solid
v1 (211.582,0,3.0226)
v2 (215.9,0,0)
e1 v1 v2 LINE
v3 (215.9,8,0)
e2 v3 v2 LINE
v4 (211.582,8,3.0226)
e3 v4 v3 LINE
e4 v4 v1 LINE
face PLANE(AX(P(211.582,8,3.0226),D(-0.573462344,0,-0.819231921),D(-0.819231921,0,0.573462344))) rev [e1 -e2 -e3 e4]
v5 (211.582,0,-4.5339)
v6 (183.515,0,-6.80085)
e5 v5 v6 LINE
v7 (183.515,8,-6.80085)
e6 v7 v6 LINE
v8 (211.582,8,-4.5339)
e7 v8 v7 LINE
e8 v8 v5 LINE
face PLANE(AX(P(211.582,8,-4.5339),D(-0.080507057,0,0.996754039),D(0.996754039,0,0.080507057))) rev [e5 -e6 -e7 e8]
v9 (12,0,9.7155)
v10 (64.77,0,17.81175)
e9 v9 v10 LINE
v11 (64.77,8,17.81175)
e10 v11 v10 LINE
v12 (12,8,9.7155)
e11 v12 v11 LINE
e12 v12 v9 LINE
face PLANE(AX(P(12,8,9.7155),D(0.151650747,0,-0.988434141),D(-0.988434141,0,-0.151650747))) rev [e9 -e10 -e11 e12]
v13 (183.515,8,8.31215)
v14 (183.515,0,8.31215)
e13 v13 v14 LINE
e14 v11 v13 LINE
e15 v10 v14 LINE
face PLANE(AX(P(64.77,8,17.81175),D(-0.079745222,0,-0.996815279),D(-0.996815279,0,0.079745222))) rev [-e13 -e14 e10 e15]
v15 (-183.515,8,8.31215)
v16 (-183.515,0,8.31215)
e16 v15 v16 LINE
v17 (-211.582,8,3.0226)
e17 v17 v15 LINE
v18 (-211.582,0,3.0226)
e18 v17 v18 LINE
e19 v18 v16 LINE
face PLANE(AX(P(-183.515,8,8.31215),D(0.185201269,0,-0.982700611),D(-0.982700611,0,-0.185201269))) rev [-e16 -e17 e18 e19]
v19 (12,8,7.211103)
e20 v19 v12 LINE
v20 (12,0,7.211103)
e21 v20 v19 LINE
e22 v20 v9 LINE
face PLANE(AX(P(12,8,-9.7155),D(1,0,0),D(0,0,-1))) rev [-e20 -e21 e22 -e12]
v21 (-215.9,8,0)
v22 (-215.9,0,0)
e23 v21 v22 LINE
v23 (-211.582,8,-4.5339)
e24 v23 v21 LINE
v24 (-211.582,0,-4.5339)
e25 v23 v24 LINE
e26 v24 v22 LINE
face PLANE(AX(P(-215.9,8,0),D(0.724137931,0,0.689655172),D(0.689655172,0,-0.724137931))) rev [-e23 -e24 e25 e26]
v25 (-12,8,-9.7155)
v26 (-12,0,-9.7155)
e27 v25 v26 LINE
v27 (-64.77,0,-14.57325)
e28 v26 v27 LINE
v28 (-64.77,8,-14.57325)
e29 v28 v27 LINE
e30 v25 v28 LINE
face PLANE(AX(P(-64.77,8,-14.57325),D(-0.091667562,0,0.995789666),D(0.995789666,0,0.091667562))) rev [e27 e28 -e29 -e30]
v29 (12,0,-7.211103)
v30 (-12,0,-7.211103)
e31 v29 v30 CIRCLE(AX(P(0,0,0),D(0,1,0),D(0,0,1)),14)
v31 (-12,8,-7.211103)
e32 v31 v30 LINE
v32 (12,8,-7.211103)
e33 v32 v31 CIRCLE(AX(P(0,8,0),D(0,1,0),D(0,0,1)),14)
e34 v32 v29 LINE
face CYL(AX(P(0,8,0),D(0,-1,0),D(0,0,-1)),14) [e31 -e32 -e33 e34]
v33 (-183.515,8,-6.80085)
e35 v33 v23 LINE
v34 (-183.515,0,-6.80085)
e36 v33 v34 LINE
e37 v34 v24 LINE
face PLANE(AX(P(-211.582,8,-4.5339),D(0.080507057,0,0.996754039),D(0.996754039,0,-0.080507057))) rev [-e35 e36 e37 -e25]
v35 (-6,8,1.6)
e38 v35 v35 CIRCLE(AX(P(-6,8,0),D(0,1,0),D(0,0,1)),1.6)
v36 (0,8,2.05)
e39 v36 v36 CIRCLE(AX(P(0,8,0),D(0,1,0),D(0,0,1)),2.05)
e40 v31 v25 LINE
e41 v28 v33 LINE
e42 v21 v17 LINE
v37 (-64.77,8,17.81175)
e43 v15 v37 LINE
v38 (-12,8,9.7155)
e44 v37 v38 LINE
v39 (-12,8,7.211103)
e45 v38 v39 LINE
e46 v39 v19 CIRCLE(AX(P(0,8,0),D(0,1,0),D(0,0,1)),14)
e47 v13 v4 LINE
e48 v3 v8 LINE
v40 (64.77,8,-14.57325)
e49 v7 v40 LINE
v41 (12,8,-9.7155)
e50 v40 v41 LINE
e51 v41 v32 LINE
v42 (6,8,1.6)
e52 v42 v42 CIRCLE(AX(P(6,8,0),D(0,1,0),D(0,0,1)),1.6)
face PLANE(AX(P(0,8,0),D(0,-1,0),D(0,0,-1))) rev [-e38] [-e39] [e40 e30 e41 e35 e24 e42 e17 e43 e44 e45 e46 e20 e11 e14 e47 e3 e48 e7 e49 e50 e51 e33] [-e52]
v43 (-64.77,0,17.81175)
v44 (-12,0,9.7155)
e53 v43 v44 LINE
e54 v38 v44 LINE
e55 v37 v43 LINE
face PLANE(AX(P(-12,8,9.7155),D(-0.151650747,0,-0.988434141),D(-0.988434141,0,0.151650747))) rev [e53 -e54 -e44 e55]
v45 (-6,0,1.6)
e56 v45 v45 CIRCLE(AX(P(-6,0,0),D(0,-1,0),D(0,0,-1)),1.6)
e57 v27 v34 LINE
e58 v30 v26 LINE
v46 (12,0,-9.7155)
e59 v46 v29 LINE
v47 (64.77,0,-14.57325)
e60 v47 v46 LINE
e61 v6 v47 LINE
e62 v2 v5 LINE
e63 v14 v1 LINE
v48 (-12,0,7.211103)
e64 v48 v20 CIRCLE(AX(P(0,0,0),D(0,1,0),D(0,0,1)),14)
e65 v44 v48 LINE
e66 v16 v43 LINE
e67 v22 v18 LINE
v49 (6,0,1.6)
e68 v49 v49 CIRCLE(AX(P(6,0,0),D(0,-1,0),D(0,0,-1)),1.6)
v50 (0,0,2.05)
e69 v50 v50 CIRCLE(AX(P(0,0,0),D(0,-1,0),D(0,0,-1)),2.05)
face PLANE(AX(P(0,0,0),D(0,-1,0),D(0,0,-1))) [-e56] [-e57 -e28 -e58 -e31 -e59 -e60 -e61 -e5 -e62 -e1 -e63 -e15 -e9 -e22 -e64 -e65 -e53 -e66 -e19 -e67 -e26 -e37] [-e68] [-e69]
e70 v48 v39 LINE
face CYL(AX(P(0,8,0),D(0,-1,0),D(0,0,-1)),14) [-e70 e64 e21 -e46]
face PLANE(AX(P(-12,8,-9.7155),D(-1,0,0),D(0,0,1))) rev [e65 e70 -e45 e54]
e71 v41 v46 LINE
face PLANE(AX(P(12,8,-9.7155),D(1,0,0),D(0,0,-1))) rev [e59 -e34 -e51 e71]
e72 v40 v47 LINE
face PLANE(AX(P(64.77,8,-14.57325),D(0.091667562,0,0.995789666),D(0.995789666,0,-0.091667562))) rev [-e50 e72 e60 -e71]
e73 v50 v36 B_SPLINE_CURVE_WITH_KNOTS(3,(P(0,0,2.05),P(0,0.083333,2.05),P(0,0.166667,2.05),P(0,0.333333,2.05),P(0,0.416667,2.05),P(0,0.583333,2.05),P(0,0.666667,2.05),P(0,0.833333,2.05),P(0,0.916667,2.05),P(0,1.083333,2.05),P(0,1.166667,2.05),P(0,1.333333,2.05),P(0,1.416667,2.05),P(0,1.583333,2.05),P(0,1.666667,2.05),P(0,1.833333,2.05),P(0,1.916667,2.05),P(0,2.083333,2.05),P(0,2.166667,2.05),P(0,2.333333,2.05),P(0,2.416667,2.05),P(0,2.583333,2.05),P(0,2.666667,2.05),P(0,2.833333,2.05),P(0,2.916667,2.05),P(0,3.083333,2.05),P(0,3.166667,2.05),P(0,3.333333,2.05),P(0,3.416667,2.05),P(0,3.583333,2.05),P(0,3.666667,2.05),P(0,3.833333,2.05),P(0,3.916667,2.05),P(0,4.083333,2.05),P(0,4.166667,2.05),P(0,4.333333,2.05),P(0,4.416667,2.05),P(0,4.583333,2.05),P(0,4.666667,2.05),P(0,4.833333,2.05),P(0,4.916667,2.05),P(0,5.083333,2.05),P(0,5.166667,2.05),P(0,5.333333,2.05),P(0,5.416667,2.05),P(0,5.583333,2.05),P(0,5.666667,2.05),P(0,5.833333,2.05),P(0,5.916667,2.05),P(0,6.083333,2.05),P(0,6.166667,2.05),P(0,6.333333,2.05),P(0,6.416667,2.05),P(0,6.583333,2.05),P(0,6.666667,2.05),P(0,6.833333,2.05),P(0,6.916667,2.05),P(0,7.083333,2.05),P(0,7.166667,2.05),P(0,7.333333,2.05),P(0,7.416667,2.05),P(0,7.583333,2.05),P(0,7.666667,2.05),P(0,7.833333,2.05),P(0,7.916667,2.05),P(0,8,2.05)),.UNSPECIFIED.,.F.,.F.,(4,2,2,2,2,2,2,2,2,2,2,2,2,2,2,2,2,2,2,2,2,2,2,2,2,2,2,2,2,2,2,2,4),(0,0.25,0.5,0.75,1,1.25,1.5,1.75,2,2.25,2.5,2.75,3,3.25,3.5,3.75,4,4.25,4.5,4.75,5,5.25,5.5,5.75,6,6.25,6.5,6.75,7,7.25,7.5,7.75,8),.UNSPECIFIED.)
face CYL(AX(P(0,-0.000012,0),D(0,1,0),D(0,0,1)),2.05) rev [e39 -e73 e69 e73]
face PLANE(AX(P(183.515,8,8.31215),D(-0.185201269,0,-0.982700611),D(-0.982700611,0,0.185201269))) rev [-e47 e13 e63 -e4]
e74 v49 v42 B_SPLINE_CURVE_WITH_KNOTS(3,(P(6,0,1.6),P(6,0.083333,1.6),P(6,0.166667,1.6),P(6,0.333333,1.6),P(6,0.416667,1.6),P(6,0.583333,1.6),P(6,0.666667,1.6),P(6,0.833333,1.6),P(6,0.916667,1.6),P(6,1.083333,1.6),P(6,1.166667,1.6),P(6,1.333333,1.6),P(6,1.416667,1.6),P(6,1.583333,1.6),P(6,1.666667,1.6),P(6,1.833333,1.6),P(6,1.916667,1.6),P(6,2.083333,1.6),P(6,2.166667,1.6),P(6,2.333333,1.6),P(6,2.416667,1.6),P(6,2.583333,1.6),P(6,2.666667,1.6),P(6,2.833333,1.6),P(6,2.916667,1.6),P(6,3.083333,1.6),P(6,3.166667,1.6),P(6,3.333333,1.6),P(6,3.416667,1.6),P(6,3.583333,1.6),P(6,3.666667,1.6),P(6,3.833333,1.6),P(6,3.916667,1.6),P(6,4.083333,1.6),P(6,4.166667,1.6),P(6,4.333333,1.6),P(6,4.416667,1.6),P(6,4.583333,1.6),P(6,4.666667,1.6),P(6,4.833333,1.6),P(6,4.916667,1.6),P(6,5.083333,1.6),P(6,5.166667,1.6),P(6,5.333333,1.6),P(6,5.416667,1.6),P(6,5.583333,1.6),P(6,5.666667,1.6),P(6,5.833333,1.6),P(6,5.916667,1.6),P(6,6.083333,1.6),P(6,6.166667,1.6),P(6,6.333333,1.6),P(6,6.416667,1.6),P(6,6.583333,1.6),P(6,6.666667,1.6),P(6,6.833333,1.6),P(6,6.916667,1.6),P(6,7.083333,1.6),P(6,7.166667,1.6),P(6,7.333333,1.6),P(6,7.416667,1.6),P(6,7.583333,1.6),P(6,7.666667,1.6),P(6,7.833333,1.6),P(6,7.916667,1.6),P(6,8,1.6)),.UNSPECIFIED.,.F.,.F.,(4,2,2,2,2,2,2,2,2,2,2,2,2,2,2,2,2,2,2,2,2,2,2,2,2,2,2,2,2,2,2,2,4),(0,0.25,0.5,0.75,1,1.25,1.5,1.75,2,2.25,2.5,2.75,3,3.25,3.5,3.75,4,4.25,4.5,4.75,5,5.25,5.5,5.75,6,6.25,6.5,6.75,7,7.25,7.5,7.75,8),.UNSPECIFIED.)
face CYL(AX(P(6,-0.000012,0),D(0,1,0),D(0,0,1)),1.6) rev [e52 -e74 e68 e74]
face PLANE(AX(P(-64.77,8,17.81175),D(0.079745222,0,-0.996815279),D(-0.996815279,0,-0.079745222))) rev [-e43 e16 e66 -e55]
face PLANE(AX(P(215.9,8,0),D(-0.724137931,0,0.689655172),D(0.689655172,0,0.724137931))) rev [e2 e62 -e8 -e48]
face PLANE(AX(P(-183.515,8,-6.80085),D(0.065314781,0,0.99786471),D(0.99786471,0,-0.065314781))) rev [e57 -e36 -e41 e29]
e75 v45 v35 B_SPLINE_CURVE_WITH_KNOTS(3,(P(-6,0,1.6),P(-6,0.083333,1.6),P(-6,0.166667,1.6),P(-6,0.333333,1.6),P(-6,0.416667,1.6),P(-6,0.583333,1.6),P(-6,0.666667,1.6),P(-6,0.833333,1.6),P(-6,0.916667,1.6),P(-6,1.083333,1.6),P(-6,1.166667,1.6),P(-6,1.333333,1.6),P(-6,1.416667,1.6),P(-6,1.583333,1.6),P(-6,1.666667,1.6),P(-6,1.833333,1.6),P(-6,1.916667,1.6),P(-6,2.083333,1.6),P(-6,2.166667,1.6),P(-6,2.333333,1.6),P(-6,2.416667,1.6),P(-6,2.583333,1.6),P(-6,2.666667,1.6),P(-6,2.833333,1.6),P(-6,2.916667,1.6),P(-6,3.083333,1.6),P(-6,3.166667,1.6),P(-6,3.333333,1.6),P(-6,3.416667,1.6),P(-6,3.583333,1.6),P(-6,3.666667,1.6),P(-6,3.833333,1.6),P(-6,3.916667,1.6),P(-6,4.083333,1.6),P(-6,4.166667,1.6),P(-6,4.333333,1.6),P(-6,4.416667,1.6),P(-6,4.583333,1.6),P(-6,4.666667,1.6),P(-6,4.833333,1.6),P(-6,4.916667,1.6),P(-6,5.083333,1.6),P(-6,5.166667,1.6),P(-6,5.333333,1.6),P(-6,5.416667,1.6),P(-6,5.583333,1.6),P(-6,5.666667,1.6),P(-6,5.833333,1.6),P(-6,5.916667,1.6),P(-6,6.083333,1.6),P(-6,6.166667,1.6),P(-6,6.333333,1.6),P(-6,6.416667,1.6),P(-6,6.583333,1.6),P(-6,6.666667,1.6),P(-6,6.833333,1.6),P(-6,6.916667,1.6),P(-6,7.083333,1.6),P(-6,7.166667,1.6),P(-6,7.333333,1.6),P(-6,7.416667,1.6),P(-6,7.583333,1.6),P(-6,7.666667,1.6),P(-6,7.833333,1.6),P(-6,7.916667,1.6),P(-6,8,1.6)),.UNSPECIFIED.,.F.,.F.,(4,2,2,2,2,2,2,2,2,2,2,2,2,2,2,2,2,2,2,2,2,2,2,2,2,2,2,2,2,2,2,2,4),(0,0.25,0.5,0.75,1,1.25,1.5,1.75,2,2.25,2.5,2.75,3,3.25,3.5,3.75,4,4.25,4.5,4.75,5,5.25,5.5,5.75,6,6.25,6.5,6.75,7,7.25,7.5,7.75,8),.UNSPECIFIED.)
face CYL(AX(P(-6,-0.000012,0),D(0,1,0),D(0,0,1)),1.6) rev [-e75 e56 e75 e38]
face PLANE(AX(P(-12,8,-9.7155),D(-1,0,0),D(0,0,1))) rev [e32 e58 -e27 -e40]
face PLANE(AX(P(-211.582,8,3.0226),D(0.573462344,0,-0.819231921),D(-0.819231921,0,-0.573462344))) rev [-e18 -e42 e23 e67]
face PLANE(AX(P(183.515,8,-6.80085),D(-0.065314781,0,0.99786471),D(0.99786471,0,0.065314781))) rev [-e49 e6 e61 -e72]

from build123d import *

# Parameters (mm, degrees)
BOSS_EXTRUDE1_DEPTH     = 8
BOSS_EXTRUDE1_2_DEPTH   = 8
SKETCH2_R               = 14
BOSS_EXTRUDE2_DEPTH     = 8
CUT_EXTRUDE1_DEPTH      = 217.781153328
CUT_EXTRUDE1_DEPTH_BACK = 217.781153328
SKETCH3_R               = 2.05
SKETCH3_R_2             = 1.6


with BuildPart() as part:
    # Sketch1 → Boss-Extrude1 (new body)
    with BuildSketch(Plane(origin=(0, 0, 0), x_dir=(1, 0, 0), z_dir=(0, 1, 0))):
        Polygon((12, -9.7155), (64.77, -17.81175), (183.515, -8.31215), (211.582, -3.0226), (215.9, 0), (211.582, 4.5339), (183.515, 6.80085), (64.77, 14.57325), (12, 9.7155), align=None)
    extrude(amount=BOSS_EXTRUDE1_DEPTH)



with BuildPart() as body_2:
    # Sketch1 → Boss-Extrude1 2 (new body)
    with BuildSketch(Plane(origin=(0, 0, 0), x_dir=(1, 0, 0), z_dir=(0, 1, 0))):
        Polygon((-12, -9.7155), (-64.77, -17.81175), (-183.515, -8.31215), (-211.582, -3.0226), (-215.9, 0), (-211.582, 4.5339), (-183.515, 6.80085), (-64.77, 14.57325), (-12, 9.7155), align=None)
    extrude(amount=BOSS_EXTRUDE1_2_DEPTH)


with BuildPart() as part_1:
    add(part.part)

    add(body_2.part)  # Boss-Extrude2 merges body 2
    # Sketch2 → Boss-Extrude2 (add)
    with BuildSketch(Plane(origin=(0, 0, 0), x_dir=(1, 0, 0), z_dir=(0, 1, 0))):
        Circle(SKETCH2_R)
    extrude(amount=BOSS_EXTRUDE2_DEPTH)

    # Sketch3 → Cut-Extrude1 (cut, two sides: drawn at the far end of the back side and taken through both)
    with BuildSketch(Plane(origin=(0, 0, 0), x_dir=(1, 0, 0), z_dir=(0, 1, 0)).offset(-CUT_EXTRUDE1_DEPTH_BACK)):
        with Locations(Location((0, 0, 0), (0, 0, 270))):
            Circle(SKETCH3_R)
        with Locations(Location((6, 0, 0), (0, 0, 270))):
            Circle(SKETCH3_R_2)
        with Locations(Location((-6, 0, 0), (0, 0, 270))):
            Circle(SKETCH3_R_2)
    extrude(amount=CUT_EXTRUDE1_DEPTH + CUT_EXTRUDE1_DEPTH_BACK, mode=Mode.SUBTRACT)


solid = part_1.part
